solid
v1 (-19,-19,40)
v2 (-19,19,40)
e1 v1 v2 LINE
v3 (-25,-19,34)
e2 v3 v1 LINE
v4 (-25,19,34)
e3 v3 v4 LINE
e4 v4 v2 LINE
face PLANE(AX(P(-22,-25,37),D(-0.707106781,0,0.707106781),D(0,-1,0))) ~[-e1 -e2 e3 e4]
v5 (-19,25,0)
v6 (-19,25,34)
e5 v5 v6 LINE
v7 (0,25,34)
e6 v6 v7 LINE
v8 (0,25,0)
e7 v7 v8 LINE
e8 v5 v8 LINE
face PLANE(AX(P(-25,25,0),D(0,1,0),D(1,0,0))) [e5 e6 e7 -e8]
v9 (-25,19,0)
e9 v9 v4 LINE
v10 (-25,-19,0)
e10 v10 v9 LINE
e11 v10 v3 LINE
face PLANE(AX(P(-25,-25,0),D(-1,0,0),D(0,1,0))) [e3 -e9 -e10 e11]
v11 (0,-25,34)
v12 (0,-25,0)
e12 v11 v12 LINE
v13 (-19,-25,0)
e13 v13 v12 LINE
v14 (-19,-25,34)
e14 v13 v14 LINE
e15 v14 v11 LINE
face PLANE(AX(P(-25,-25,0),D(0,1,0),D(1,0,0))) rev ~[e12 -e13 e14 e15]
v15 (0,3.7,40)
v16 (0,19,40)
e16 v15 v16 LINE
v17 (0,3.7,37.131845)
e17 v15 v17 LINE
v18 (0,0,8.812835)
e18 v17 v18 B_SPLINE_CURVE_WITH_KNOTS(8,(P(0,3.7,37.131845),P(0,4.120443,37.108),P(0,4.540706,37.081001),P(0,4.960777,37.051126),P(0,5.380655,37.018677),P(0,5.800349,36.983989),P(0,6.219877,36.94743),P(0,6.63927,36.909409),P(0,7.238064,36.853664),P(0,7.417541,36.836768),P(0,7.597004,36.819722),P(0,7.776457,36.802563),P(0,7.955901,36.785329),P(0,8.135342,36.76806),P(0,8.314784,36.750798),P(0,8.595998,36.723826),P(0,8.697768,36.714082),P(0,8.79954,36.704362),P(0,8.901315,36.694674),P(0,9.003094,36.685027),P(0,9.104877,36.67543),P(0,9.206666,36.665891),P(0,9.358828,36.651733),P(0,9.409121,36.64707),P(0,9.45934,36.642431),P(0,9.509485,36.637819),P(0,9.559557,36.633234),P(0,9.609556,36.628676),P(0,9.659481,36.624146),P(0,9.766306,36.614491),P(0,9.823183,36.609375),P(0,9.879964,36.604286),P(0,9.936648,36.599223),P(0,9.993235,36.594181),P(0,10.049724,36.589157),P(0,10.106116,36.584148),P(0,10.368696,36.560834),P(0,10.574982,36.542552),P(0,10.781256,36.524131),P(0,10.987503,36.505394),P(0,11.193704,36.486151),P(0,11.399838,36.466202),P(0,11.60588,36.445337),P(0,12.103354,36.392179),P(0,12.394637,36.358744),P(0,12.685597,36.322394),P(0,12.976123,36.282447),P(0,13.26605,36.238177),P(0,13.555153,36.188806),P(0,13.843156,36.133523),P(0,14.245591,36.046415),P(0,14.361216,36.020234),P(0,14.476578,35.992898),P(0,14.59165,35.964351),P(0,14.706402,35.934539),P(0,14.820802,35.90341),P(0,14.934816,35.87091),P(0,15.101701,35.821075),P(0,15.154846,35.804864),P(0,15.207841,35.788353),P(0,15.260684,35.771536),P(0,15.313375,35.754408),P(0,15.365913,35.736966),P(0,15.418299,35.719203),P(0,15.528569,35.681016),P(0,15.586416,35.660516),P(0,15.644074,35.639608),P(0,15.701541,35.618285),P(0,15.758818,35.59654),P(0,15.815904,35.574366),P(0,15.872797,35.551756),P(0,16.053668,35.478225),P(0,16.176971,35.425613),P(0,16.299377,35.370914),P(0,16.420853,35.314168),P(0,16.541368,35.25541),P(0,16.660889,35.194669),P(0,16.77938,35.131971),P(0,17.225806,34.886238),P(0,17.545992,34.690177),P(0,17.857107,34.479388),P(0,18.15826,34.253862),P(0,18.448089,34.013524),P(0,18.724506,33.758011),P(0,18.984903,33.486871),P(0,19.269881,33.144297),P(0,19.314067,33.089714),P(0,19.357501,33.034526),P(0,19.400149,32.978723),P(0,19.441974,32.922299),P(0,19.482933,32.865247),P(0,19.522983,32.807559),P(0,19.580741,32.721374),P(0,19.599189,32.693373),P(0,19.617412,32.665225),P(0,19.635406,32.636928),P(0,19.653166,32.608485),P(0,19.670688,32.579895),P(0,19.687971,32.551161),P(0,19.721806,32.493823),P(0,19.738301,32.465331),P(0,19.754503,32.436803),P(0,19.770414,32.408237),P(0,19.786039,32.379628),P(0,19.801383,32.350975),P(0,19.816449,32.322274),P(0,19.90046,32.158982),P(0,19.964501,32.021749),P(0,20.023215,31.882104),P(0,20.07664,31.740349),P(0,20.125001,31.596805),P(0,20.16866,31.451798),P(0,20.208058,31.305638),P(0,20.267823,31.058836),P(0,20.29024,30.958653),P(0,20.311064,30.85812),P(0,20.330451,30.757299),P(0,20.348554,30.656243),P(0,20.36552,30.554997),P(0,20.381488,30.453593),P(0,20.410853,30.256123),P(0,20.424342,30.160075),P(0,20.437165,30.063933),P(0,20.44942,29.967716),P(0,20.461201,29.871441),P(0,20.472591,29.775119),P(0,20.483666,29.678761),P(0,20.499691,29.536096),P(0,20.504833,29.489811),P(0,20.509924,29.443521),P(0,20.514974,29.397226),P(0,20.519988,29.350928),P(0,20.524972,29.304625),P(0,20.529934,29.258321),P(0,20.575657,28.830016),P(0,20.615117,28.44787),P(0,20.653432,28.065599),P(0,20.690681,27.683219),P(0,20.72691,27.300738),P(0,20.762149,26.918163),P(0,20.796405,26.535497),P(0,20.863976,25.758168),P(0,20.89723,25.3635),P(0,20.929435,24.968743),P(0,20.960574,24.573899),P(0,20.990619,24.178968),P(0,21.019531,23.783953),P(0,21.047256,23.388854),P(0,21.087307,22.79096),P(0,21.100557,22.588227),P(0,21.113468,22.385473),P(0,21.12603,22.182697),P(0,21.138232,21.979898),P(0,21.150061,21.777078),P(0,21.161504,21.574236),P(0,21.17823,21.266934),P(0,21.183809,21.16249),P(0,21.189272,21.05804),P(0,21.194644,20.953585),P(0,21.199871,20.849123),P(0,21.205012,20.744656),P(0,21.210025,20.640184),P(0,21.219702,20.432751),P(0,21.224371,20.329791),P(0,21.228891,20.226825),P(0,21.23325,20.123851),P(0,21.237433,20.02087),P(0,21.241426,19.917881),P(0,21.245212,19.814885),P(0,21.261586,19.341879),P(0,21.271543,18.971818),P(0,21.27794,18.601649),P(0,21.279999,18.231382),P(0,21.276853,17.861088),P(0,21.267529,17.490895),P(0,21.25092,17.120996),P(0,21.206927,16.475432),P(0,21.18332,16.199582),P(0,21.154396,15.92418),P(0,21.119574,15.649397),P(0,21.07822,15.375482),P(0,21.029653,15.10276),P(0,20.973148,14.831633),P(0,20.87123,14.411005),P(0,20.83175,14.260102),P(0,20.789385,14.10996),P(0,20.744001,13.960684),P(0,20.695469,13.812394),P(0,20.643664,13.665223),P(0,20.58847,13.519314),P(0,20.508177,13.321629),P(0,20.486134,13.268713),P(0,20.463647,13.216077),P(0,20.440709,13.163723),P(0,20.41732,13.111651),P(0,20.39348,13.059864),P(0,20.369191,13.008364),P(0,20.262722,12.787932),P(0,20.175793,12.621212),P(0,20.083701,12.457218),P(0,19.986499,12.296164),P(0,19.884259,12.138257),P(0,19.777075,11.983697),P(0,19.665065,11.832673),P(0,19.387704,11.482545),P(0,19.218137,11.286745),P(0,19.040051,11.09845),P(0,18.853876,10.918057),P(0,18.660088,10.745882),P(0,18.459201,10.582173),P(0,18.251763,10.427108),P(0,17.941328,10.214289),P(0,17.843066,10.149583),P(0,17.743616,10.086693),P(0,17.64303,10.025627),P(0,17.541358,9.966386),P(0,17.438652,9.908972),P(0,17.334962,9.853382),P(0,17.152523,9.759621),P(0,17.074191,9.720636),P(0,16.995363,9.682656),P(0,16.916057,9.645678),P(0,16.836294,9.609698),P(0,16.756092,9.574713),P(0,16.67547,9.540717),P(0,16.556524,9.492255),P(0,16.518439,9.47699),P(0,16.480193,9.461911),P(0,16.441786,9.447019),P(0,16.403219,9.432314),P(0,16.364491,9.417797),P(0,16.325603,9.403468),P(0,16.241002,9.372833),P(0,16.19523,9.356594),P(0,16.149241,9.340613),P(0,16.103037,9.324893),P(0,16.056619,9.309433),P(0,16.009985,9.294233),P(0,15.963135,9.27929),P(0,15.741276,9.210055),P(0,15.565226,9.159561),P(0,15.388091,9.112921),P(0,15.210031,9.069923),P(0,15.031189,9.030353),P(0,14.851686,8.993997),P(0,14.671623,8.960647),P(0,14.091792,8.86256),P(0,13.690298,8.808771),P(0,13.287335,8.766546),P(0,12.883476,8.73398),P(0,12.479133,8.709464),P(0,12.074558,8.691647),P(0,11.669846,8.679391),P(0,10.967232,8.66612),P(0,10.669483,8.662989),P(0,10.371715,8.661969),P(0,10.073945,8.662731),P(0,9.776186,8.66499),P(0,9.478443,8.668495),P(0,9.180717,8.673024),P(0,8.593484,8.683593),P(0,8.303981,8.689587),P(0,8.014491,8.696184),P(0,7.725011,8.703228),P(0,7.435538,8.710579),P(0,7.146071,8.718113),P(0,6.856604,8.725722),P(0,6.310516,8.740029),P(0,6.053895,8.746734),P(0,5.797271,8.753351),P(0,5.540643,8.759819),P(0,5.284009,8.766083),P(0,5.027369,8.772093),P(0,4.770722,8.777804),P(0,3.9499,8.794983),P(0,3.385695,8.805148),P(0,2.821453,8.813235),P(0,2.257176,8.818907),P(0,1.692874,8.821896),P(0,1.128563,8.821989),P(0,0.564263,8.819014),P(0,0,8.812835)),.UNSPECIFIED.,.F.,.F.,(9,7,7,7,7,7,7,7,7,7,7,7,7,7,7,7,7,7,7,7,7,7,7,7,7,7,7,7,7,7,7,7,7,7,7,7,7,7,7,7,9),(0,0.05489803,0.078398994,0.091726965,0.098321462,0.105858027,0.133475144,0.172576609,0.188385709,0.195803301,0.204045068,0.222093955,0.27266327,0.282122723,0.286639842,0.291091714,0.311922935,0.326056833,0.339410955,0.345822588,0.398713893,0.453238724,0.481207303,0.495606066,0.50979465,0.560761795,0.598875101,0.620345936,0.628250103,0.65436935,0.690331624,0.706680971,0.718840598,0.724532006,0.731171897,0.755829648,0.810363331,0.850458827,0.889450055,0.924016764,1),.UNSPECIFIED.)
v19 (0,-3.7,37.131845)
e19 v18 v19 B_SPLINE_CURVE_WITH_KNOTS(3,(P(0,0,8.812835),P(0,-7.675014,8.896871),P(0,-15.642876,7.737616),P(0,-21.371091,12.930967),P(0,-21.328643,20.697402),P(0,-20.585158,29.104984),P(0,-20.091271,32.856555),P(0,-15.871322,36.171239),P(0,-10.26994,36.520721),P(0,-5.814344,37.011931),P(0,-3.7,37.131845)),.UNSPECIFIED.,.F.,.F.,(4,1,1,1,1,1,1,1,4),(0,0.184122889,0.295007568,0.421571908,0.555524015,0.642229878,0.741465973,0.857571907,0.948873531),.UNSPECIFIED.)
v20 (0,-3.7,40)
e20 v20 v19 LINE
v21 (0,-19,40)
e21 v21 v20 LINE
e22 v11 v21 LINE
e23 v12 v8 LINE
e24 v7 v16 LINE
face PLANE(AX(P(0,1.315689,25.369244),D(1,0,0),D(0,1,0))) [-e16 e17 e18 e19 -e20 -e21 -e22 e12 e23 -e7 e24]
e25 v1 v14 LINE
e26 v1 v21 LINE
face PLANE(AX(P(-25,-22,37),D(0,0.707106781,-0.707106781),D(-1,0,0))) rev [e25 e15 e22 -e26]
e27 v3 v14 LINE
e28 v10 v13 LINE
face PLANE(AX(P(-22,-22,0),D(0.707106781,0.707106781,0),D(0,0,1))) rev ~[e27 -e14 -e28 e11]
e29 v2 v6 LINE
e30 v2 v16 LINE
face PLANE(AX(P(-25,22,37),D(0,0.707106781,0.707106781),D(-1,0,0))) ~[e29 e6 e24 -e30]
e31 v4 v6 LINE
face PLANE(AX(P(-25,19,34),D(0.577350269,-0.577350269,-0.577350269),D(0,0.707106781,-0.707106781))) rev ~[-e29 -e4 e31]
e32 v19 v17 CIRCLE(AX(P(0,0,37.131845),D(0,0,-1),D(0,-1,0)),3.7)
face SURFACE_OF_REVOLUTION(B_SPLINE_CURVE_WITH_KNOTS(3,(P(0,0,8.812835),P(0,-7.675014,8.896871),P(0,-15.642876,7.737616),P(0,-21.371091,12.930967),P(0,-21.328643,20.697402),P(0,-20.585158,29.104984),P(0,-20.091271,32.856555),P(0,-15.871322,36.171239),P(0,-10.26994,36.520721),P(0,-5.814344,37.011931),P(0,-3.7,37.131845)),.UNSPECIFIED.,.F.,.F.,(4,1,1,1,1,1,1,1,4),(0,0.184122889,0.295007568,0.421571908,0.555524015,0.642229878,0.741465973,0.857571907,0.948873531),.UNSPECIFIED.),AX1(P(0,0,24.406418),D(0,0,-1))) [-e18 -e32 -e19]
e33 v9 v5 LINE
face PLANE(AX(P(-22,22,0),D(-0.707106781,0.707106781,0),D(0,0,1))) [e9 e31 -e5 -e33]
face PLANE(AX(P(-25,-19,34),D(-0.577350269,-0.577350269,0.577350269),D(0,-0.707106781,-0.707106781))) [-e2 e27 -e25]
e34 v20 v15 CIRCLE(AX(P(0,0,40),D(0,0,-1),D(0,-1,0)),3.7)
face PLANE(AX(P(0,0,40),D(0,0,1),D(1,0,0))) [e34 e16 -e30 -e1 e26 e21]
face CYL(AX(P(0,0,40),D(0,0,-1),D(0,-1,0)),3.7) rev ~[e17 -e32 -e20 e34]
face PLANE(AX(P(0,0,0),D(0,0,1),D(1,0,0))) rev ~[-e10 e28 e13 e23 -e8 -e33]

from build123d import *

# Parameters (mm, degrees)
F0_W     = 50
F0_H     = 50
F1_DEPTH = 40
F2_SIZE  = 6
F3_W     = 83.7730430067
F3_H     = 50.7384873927
F4_DEPTH = 25


with BuildPart() as f1:
    # F0 (on Top) → F1 (new body)
    with BuildSketch(Plane.XY):
        Rectangle(F0_W, F0_H)
    extrude(amount=F1_DEPTH)

    # F2
    f2_edges = [f1.edges().sort_by_distance(p)[0] for p in [
        (0, -25, 40),
        (25, 0, 40),
        (0, 25, 40),
        (-25, 0, 40),
        (25, -25, 20),
        (25, 25, 20),
        (-25, -25, 20),
        (-25, 25, 20),
    ]]
    chamfer(f2_edges, length=F2_SIZE)

    # F3 (on Right) → F4 (cut)
    with BuildSketch(Plane.YZ):
        with Locations((1.3156887144, 25.3692436963)):
            Rectangle(F3_W, F3_H)
    extrude(amount=F4_DEPTH, mode=Mode.SUBTRACT)

    # F5 (on face) → F6 (revolve, cut)
    with BuildSketch(Plane.YZ):
        with BuildLine():
            add(Edge.make_bspline(
                [(0, 8.81283544), (-7.6750135049, 8.8968714699), (-15.6428759777, 7.7376163766), (-21.3710906151, 12.9309668683), (-21.3286430979, 20.6974018657), (-20.5851575354, 29.1049836415), (-20.0912714693, 32.8565548223), (-15.8713216928, 36.1712388493), (-10.2699402926, 36.5207207773), (-5.8143442687, 37.0119311275), (-3.7, 37.1318450321)],
                knots=[0, 0, 0, 0, 0.1841228893, 0.2950075682, 0.4215719078, 0.5555240151, 0.642229878, 0.7414659734, 0.8575719069, 0.9488735314, 0.9488735314, 0.9488735314, 0.9488735314], degree=3))
            Line((0, 8.81283544), (0, 37.2170992196))
            add(Edge.make_bspline(
                [(-3.7, 37.1318450321), (-2.5160237402, 37.1989936126), (-1.2840796224, 37.235939493), (0, 37.2170992196)],
                knots=[0.9488735314, 0.9488735314, 0.9488735314, 0.9488735314, 1, 1, 1, 1], degree=3))
        make_face()
        with BuildLine():
            Line((-3.7, 40), (-3.7, 37.1318450321))
            add(Edge.make_bspline(
                [(-3.7, 37.1318450321), (-2.5160237402, 37.1989936126), (-1.2840796224, 37.235939493), (0, 37.2170992196)],
                knots=[0.9488735314, 0.9488735314, 0.9488735314, 0.9488735314, 1, 1, 1, 1], degree=3))
            Line((0, 37.2170992196), (0, 40))
            Line((0, 40), (-3.7, 40))
        make_face()
    revolve(axis=Axis((0, 0, 24.40641772), (0, 0, -1)), mode=Mode.SUBTRACT)


solid = f1.part
